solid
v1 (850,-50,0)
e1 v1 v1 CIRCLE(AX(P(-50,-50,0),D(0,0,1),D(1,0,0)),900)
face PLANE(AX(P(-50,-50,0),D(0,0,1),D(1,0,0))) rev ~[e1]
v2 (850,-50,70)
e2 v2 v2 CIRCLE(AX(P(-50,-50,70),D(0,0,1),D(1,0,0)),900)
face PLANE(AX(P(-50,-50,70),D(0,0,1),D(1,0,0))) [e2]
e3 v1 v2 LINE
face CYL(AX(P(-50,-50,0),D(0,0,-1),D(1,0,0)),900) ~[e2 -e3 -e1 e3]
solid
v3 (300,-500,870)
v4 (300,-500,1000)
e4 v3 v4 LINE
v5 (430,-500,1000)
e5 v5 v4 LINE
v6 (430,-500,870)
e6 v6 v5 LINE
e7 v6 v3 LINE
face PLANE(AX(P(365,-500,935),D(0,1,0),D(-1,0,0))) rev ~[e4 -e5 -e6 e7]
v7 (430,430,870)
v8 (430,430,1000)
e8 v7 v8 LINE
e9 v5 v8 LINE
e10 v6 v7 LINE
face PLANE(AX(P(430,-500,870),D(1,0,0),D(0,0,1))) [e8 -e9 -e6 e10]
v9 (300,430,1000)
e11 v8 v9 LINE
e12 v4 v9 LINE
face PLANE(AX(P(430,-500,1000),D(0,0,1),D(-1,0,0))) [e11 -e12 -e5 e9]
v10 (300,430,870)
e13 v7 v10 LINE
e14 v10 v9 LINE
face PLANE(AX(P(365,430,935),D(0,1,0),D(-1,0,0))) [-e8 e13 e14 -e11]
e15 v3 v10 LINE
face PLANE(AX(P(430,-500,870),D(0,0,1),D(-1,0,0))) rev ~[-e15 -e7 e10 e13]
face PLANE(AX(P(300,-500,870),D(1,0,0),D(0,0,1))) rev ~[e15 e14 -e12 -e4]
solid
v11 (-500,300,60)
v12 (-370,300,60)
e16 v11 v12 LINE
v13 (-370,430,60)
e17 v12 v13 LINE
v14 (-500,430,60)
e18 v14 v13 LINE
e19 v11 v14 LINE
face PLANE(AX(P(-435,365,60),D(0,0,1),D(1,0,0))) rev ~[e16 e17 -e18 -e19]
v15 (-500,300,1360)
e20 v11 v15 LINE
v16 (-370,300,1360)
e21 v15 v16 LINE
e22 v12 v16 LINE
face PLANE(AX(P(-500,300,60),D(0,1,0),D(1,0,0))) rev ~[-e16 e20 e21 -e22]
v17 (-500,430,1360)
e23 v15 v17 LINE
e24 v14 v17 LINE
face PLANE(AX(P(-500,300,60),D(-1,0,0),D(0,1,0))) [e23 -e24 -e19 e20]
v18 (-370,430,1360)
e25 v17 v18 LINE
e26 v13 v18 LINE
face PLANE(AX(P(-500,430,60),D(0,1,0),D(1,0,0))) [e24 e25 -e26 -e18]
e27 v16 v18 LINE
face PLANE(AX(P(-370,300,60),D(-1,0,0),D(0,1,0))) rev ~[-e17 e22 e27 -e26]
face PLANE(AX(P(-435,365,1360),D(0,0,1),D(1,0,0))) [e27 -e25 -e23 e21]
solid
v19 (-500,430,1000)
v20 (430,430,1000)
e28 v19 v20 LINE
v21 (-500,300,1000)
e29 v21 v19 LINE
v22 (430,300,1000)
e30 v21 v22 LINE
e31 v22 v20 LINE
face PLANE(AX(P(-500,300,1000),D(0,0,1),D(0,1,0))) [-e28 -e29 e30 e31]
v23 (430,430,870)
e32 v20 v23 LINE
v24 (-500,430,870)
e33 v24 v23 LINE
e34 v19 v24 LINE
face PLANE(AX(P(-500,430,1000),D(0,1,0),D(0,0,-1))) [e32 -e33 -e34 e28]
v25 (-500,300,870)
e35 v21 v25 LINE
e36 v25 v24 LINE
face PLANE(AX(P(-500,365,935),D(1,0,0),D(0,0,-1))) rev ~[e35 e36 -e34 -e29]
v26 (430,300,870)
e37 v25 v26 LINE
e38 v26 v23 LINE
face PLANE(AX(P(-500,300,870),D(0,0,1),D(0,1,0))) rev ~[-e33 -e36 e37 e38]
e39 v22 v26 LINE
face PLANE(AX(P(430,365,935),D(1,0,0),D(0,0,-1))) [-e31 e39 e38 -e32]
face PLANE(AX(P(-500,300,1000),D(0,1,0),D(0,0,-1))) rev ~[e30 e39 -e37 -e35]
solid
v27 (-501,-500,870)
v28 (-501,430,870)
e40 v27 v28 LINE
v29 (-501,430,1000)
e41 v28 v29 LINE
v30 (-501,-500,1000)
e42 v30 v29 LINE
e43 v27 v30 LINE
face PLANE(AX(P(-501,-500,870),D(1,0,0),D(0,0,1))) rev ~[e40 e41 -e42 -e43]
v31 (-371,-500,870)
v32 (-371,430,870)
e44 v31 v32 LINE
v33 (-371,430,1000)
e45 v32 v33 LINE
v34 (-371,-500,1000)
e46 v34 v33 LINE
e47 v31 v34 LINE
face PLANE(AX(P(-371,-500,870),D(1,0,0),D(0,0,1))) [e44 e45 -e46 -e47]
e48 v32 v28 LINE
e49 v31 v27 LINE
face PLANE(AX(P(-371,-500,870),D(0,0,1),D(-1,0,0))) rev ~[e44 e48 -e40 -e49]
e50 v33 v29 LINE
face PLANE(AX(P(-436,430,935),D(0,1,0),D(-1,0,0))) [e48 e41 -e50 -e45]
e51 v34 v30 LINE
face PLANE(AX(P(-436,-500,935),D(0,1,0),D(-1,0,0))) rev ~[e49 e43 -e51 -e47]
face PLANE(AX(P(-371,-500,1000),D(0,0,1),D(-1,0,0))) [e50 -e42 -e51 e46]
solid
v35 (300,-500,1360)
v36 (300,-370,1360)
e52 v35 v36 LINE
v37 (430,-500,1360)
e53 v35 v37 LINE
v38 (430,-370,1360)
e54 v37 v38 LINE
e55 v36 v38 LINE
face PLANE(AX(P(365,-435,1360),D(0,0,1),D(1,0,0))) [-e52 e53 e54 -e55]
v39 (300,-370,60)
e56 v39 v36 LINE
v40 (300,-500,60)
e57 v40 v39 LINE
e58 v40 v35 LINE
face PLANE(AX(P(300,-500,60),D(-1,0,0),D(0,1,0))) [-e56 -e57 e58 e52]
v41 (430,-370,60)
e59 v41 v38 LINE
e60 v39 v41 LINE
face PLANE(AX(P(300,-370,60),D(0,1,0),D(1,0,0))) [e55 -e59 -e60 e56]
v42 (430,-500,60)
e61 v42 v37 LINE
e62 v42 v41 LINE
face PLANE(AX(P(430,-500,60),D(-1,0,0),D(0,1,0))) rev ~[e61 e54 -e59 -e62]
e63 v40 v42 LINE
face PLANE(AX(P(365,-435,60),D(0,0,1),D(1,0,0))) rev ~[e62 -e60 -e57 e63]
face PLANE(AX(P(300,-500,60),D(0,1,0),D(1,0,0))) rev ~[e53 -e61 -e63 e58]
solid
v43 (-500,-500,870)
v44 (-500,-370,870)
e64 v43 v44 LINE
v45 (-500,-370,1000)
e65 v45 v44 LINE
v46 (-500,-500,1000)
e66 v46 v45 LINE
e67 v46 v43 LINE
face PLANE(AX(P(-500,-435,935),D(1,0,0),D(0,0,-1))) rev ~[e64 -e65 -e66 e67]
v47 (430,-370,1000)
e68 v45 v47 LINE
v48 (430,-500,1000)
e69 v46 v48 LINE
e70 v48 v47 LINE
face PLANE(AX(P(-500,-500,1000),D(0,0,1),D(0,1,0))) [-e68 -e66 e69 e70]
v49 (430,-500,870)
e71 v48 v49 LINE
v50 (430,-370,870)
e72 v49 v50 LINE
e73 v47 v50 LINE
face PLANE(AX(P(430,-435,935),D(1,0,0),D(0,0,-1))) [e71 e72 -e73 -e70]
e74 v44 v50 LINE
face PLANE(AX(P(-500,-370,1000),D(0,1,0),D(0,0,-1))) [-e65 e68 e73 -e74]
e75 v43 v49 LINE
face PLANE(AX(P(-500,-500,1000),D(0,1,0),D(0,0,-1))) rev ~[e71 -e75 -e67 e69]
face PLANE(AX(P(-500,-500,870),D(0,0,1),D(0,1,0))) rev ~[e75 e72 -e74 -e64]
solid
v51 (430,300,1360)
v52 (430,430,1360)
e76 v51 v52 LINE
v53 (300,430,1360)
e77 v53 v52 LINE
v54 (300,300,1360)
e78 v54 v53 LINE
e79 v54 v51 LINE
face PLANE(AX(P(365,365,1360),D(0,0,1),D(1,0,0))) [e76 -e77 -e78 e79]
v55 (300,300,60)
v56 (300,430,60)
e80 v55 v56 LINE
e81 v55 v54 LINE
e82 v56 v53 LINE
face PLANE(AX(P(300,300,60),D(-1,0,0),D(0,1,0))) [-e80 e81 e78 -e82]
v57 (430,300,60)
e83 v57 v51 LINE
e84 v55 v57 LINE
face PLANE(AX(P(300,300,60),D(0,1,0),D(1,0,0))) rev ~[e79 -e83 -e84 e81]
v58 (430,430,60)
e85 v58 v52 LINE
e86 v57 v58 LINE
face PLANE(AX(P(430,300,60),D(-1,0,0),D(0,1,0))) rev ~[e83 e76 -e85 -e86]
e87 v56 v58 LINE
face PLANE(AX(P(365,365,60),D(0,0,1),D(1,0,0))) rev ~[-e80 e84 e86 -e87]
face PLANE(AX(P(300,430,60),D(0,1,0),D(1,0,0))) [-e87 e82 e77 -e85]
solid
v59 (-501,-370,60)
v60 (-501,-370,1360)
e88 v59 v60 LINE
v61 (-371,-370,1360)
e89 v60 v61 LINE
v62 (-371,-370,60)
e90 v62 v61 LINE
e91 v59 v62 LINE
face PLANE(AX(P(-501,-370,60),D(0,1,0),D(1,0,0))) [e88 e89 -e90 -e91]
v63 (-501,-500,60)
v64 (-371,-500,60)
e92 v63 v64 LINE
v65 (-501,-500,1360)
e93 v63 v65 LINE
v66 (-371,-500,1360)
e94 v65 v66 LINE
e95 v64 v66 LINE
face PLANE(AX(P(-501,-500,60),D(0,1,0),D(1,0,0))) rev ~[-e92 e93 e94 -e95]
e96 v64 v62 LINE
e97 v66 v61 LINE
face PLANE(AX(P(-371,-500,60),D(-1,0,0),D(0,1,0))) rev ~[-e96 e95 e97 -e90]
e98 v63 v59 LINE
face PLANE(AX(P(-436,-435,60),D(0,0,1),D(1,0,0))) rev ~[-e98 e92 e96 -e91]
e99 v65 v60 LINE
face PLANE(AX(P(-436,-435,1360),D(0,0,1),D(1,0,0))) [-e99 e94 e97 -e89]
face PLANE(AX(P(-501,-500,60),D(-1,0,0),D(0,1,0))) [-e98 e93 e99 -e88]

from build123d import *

# Parameters (mm, degrees)
CYLINDER_R     = 900
CYLINDER_DEPTH = 70
BOX_W          = 130
BOX_H          = 130
BOX_DEPTH      = 1300
BOX001_W       = 130
BOX001_H       = 130
BOX001_DEPTH   = 1300
BOX002_W       = 130
BOX002_H       = 130
BOX002_DEPTH   = 1300
BOX003_W       = 130
BOX003_H       = 130
BOX003_DEPTH   = 1300
BOX004_W       = 130
BOX004_H       = 130
BOX004_DEPTH   = 930
BOX005_W       = 130
BOX005_H       = 130
BOX005_DEPTH   = 930
BOX006_W       = 130
BOX006_H       = 130
BOX006_DEPTH   = 930
BOX007_W       = 130
BOX007_H       = 130
BOX007_DEPTH   = 930


with BuildPart() as tablero:
    # Cylinder → Cylinder (new body)
    with BuildSketch(Plane(origin=(-50, -50, 0), x_dir=(1, 0, 0), z_dir=(0, 0, 1))):
        Circle(CYLINDER_R)
    extrude(amount=CYLINDER_DEPTH)


with BuildPart() as pata1:
    # Box → Box (new body)
    with BuildSketch(Plane(origin=(-501, -500, 60), x_dir=(1, 0, 0), z_dir=(0, 0, 1))):
        with Locations((65, 65)):
            Rectangle(BOX_W, BOX_H)
    extrude(amount=BOX_DEPTH)


with BuildPart() as pata2:
    # Box001 → Box001 (new body)
    with BuildSketch(Plane(origin=(300, -500, 60), x_dir=(1, 0, 0), z_dir=(0, 0, 1))):
        with Locations((65, 65)):
            Rectangle(BOX001_W, BOX001_H)
    extrude(amount=BOX001_DEPTH)


with BuildPart() as pata3:
    # Box002 → Box002 (new body)
    with BuildSketch(Plane(origin=(300, 300, 60), x_dir=(1, 0, 0), z_dir=(0, 0, 1))):
        with Locations((65, 65)):
            Rectangle(BOX002_W, BOX002_H)
    extrude(amount=BOX002_DEPTH)


with BuildPart() as pata4:
    # Box003 → Box003 (new body)
    with BuildSketch(Plane(origin=(-500, 300, 60), x_dir=(1, 0, 0), z_dir=(0, 0, 1))):
        with Locations((65, 65)):
            Rectangle(BOX003_W, BOX003_H)
    extrude(amount=BOX003_DEPTH)


with BuildPart() as union_pata1:
    # Box004 → Box004 (new body)
    with BuildSketch(Plane(origin=(-500, 300, 1000), x_dir=(0, 0, -1), z_dir=(1, 0, 0))):
        with Locations((65, 65)):
            Rectangle(BOX004_W, BOX004_H)
    extrude(amount=BOX004_DEPTH)


with BuildPart() as union_pata2:
    # Box005 → Box005 (new body)
    with BuildSketch(Plane(origin=(-500, -500, 1000), x_dir=(0, 0, -1), z_dir=(1, 0, 0))):
        with Locations((65, 65)):
            Rectangle(BOX005_W, BOX005_H)
    extrude(amount=BOX005_DEPTH)


with BuildPart() as union_pata3:
    # Box006 → Box006 (new body)
    with BuildSketch(Plane(origin=(-371, -500, 870), x_dir=(-1, 0, 0), z_dir=(0, 1, 0))):
        with Locations((65, 65)):
            Rectangle(BOX006_W, BOX006_H)
    extrude(amount=BOX006_DEPTH)


with BuildPart() as union_pata4:
    # Box007 → Box007 (new body)
    with BuildSketch(Plane(origin=(430, -500, 870), x_dir=(-1, 0, 0), z_dir=(0, 1, 0))):
        with Locations((65, 65)):
            Rectangle(BOX007_W, BOX007_H)
    extrude(amount=BOX007_DEPTH)


solid = Compound([tablero.part, pata1.part, pata2.part, pata3.part, pata4.part, union_pata1.part, union_pata2.part, union_pata3.part, union_pata4.part])
